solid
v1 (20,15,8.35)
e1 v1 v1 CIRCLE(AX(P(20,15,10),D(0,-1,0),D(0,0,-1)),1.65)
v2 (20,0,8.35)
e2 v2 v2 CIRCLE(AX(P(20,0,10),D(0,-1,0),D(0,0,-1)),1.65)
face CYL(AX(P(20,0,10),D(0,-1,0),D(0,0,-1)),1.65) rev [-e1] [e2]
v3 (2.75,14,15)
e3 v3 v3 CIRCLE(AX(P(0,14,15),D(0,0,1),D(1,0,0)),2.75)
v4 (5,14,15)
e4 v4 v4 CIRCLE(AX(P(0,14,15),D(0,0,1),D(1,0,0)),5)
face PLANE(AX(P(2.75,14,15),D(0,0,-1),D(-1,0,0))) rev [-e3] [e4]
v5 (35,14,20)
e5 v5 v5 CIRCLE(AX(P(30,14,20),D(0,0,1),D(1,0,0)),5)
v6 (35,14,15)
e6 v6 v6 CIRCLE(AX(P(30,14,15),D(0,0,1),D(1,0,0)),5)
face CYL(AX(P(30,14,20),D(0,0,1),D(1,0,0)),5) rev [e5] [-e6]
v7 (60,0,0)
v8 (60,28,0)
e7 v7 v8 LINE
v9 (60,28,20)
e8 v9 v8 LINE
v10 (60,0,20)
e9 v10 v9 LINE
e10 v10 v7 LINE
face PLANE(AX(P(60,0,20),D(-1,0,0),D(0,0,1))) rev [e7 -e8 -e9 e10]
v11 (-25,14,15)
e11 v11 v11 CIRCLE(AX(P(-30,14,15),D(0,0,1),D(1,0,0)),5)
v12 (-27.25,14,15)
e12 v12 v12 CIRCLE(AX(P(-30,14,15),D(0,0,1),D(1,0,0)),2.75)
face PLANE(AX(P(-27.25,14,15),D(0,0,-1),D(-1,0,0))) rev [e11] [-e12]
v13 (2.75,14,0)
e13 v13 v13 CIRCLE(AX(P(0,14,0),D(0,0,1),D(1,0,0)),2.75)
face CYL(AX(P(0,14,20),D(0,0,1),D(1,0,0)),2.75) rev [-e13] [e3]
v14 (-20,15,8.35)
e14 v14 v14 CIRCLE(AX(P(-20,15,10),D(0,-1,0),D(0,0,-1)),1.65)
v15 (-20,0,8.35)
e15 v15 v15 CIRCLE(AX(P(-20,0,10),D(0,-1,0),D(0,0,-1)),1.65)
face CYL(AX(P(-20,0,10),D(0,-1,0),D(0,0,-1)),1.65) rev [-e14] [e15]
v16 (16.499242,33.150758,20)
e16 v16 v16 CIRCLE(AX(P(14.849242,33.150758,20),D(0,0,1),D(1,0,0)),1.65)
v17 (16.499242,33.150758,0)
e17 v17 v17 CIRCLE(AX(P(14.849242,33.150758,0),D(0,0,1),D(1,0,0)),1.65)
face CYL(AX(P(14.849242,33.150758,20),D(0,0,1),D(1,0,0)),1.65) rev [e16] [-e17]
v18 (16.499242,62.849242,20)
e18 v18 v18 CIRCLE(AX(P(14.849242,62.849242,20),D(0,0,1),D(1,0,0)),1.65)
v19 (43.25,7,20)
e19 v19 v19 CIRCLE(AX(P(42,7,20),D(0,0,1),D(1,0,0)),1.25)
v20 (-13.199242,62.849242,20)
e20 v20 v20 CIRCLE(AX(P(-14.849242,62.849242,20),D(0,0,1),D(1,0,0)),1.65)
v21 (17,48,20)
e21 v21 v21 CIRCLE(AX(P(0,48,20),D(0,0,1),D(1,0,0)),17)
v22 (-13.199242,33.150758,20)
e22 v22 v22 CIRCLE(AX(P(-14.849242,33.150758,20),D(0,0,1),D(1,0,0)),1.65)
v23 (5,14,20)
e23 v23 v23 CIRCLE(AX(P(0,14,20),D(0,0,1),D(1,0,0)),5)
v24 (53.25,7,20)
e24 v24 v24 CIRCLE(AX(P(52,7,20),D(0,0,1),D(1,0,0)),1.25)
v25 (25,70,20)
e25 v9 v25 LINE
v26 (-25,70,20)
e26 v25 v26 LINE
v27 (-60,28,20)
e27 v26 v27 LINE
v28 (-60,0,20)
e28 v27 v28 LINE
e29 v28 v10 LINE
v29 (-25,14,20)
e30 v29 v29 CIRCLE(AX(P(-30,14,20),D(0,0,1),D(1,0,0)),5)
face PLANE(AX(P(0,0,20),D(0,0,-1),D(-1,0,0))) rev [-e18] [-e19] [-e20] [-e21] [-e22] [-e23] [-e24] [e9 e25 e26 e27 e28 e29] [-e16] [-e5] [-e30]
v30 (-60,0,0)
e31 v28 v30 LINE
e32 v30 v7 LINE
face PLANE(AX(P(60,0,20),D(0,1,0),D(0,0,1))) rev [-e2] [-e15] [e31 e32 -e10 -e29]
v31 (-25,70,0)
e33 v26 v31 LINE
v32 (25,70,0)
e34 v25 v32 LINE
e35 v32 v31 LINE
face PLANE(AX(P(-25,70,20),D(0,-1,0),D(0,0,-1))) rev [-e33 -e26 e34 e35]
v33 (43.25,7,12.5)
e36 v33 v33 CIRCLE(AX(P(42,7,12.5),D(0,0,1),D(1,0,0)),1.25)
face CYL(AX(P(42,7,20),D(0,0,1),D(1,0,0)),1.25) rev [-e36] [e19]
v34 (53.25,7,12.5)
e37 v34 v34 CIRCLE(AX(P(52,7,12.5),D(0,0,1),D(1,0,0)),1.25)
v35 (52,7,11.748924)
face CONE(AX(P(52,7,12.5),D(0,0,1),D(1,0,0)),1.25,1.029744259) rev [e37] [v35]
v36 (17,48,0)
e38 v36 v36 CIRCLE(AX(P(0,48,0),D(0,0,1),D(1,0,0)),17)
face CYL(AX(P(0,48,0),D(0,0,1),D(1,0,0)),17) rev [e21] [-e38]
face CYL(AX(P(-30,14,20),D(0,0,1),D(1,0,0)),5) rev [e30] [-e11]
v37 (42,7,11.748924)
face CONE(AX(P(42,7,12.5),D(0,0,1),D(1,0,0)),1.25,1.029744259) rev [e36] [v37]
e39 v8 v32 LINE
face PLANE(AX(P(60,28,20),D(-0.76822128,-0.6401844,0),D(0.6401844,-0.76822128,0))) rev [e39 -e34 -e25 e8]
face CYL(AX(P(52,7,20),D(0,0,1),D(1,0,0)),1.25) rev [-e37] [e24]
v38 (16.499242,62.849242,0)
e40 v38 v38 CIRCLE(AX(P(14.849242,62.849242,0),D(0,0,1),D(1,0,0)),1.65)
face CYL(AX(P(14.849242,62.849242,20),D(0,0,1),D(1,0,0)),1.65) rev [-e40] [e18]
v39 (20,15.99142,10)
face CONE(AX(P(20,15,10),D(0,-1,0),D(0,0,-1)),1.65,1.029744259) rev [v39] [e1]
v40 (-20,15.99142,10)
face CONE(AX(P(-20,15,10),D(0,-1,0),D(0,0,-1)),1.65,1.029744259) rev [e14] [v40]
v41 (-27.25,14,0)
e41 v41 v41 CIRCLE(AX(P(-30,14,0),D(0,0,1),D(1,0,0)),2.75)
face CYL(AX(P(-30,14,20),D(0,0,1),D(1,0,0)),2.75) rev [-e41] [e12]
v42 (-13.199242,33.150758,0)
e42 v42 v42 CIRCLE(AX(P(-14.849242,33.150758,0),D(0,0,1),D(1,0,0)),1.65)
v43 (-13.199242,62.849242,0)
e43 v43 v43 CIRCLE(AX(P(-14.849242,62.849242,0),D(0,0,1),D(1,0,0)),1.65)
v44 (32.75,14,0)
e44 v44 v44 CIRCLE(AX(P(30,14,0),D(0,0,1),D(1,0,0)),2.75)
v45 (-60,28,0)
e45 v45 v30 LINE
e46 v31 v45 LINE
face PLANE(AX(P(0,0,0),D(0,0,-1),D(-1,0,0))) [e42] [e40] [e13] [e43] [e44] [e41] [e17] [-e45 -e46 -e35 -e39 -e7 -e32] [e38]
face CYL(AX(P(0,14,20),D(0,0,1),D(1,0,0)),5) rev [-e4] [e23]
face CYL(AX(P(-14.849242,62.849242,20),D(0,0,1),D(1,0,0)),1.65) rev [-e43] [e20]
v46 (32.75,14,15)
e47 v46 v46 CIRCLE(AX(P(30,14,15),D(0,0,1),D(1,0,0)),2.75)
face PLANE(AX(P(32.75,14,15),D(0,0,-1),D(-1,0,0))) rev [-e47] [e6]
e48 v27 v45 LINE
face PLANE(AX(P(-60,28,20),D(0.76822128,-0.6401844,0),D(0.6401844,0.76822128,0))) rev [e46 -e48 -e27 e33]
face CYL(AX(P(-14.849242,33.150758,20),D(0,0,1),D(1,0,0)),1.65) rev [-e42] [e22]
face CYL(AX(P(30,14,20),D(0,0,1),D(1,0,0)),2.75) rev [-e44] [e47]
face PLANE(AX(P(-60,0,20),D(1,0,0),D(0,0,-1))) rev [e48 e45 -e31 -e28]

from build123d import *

# Parameters (mm, degrees)
BOSS_EXTRUDE1_DEPTH            = 20
CBORE_FOR_M5_SHCS1_D           = 5.5
CBORE_FOR_M5_SHCS1_CBORE_D     = 10
CBORE_FOR_M5_SHCS1_CBORE_DEPTH = 5
SKETCH4_R                      = 17
CUT_EXTRUDE1_DEPTH             = 95.339811321
M4_TAPPED_HOLE1_D              = 3.3
M4_TAPPED_HOLE2_D              = 3.3
M4_TAPPED_HOLE2_DEPTH          = 15
M4_TAPPED_HOLE2_TIP            = 0.991420021
M3_TAPPED_HOLE1_D              = 2.5
M3_TAPPED_HOLE1_DEPTH          = 7.5
M3_TAPPED_HOLE1_TIP            = 0.751075774


with BuildPart() as part:
    # Sketch1 → Boss-Extrude1 (new body)
    with BuildSketch(Plane.XY):
        Polygon((60, 0), (-60, 0), (-60, 28), (-25, 70), (25, 70), (60, 28), align=None)
    extrude(amount=BOSS_EXTRUDE1_DEPTH)

    # CBORE for M5 SHCS1 (through all)
    with Locations(Plane(origin=(-30, 14, 20), x_dir=(1, 0, 0), z_dir=(0, 0, 1))):
        with Locations((0, 0), (30, 0), (60, 0)):
            CounterBoreHole(CBORE_FOR_M5_SHCS1_D / 2, CBORE_FOR_M5_SHCS1_CBORE_D / 2, CBORE_FOR_M5_SHCS1_CBORE_DEPTH)

    # Sketch4 → Cut-Extrude1 (cut, through all)
    with BuildSketch(Plane.XY.offset(20)):
        with Locations((0, 48)):
            Circle(SKETCH4_R)
    extrude(amount=-CUT_EXTRUDE1_DEPTH, mode=Mode.SUBTRACT)

    # M4 Tapped Hole1 (through all)
    with Locations(Plane(origin=(-14.849242405, 62.849242405, 20), x_dir=(1, 0, 0), z_dir=(0, 0, 1))):
        with Locations((0, 0), (29.69848481, 0), (29.69848481, -29.69848481), (0, -29.69848481)):
            Hole(M4_TAPPED_HOLE1_D / 2)

    # M4 Tapped Hole2
    with Locations(Plane(origin=(0, 0, 0), x_dir=(-1, 0, 0), z_dir=(0, -1, 0))):
        with Locations((20, -10), (-20, -10)):
            Hole(M4_TAPPED_HOLE2_D / 2, depth=M4_TAPPED_HOLE2_DEPTH)
            with Locations((0, 0, -(M4_TAPPED_HOLE2_DEPTH + M4_TAPPED_HOLE2_TIP / 2))):  # 118° drill point
                Cone(0, M4_TAPPED_HOLE2_D / 2, M4_TAPPED_HOLE2_TIP, mode=Mode.SUBTRACT)

    # M3 Tapped Hole1
    with Locations(Plane(origin=(42, 7, 20), x_dir=(1, 0, 0), z_dir=(0, 0, 1))):
        with Locations((0, 0), (10, 0)):
            Hole(M3_TAPPED_HOLE1_D / 2, depth=M3_TAPPED_HOLE1_DEPTH)
            with Locations((0, 0, -(M3_TAPPED_HOLE1_DEPTH + M3_TAPPED_HOLE1_TIP / 2))):  # 118° drill point
                Cone(0, M3_TAPPED_HOLE1_D / 2, M3_TAPPED_HOLE1_TIP, mode=Mode.SUBTRACT)


solid = part.part
